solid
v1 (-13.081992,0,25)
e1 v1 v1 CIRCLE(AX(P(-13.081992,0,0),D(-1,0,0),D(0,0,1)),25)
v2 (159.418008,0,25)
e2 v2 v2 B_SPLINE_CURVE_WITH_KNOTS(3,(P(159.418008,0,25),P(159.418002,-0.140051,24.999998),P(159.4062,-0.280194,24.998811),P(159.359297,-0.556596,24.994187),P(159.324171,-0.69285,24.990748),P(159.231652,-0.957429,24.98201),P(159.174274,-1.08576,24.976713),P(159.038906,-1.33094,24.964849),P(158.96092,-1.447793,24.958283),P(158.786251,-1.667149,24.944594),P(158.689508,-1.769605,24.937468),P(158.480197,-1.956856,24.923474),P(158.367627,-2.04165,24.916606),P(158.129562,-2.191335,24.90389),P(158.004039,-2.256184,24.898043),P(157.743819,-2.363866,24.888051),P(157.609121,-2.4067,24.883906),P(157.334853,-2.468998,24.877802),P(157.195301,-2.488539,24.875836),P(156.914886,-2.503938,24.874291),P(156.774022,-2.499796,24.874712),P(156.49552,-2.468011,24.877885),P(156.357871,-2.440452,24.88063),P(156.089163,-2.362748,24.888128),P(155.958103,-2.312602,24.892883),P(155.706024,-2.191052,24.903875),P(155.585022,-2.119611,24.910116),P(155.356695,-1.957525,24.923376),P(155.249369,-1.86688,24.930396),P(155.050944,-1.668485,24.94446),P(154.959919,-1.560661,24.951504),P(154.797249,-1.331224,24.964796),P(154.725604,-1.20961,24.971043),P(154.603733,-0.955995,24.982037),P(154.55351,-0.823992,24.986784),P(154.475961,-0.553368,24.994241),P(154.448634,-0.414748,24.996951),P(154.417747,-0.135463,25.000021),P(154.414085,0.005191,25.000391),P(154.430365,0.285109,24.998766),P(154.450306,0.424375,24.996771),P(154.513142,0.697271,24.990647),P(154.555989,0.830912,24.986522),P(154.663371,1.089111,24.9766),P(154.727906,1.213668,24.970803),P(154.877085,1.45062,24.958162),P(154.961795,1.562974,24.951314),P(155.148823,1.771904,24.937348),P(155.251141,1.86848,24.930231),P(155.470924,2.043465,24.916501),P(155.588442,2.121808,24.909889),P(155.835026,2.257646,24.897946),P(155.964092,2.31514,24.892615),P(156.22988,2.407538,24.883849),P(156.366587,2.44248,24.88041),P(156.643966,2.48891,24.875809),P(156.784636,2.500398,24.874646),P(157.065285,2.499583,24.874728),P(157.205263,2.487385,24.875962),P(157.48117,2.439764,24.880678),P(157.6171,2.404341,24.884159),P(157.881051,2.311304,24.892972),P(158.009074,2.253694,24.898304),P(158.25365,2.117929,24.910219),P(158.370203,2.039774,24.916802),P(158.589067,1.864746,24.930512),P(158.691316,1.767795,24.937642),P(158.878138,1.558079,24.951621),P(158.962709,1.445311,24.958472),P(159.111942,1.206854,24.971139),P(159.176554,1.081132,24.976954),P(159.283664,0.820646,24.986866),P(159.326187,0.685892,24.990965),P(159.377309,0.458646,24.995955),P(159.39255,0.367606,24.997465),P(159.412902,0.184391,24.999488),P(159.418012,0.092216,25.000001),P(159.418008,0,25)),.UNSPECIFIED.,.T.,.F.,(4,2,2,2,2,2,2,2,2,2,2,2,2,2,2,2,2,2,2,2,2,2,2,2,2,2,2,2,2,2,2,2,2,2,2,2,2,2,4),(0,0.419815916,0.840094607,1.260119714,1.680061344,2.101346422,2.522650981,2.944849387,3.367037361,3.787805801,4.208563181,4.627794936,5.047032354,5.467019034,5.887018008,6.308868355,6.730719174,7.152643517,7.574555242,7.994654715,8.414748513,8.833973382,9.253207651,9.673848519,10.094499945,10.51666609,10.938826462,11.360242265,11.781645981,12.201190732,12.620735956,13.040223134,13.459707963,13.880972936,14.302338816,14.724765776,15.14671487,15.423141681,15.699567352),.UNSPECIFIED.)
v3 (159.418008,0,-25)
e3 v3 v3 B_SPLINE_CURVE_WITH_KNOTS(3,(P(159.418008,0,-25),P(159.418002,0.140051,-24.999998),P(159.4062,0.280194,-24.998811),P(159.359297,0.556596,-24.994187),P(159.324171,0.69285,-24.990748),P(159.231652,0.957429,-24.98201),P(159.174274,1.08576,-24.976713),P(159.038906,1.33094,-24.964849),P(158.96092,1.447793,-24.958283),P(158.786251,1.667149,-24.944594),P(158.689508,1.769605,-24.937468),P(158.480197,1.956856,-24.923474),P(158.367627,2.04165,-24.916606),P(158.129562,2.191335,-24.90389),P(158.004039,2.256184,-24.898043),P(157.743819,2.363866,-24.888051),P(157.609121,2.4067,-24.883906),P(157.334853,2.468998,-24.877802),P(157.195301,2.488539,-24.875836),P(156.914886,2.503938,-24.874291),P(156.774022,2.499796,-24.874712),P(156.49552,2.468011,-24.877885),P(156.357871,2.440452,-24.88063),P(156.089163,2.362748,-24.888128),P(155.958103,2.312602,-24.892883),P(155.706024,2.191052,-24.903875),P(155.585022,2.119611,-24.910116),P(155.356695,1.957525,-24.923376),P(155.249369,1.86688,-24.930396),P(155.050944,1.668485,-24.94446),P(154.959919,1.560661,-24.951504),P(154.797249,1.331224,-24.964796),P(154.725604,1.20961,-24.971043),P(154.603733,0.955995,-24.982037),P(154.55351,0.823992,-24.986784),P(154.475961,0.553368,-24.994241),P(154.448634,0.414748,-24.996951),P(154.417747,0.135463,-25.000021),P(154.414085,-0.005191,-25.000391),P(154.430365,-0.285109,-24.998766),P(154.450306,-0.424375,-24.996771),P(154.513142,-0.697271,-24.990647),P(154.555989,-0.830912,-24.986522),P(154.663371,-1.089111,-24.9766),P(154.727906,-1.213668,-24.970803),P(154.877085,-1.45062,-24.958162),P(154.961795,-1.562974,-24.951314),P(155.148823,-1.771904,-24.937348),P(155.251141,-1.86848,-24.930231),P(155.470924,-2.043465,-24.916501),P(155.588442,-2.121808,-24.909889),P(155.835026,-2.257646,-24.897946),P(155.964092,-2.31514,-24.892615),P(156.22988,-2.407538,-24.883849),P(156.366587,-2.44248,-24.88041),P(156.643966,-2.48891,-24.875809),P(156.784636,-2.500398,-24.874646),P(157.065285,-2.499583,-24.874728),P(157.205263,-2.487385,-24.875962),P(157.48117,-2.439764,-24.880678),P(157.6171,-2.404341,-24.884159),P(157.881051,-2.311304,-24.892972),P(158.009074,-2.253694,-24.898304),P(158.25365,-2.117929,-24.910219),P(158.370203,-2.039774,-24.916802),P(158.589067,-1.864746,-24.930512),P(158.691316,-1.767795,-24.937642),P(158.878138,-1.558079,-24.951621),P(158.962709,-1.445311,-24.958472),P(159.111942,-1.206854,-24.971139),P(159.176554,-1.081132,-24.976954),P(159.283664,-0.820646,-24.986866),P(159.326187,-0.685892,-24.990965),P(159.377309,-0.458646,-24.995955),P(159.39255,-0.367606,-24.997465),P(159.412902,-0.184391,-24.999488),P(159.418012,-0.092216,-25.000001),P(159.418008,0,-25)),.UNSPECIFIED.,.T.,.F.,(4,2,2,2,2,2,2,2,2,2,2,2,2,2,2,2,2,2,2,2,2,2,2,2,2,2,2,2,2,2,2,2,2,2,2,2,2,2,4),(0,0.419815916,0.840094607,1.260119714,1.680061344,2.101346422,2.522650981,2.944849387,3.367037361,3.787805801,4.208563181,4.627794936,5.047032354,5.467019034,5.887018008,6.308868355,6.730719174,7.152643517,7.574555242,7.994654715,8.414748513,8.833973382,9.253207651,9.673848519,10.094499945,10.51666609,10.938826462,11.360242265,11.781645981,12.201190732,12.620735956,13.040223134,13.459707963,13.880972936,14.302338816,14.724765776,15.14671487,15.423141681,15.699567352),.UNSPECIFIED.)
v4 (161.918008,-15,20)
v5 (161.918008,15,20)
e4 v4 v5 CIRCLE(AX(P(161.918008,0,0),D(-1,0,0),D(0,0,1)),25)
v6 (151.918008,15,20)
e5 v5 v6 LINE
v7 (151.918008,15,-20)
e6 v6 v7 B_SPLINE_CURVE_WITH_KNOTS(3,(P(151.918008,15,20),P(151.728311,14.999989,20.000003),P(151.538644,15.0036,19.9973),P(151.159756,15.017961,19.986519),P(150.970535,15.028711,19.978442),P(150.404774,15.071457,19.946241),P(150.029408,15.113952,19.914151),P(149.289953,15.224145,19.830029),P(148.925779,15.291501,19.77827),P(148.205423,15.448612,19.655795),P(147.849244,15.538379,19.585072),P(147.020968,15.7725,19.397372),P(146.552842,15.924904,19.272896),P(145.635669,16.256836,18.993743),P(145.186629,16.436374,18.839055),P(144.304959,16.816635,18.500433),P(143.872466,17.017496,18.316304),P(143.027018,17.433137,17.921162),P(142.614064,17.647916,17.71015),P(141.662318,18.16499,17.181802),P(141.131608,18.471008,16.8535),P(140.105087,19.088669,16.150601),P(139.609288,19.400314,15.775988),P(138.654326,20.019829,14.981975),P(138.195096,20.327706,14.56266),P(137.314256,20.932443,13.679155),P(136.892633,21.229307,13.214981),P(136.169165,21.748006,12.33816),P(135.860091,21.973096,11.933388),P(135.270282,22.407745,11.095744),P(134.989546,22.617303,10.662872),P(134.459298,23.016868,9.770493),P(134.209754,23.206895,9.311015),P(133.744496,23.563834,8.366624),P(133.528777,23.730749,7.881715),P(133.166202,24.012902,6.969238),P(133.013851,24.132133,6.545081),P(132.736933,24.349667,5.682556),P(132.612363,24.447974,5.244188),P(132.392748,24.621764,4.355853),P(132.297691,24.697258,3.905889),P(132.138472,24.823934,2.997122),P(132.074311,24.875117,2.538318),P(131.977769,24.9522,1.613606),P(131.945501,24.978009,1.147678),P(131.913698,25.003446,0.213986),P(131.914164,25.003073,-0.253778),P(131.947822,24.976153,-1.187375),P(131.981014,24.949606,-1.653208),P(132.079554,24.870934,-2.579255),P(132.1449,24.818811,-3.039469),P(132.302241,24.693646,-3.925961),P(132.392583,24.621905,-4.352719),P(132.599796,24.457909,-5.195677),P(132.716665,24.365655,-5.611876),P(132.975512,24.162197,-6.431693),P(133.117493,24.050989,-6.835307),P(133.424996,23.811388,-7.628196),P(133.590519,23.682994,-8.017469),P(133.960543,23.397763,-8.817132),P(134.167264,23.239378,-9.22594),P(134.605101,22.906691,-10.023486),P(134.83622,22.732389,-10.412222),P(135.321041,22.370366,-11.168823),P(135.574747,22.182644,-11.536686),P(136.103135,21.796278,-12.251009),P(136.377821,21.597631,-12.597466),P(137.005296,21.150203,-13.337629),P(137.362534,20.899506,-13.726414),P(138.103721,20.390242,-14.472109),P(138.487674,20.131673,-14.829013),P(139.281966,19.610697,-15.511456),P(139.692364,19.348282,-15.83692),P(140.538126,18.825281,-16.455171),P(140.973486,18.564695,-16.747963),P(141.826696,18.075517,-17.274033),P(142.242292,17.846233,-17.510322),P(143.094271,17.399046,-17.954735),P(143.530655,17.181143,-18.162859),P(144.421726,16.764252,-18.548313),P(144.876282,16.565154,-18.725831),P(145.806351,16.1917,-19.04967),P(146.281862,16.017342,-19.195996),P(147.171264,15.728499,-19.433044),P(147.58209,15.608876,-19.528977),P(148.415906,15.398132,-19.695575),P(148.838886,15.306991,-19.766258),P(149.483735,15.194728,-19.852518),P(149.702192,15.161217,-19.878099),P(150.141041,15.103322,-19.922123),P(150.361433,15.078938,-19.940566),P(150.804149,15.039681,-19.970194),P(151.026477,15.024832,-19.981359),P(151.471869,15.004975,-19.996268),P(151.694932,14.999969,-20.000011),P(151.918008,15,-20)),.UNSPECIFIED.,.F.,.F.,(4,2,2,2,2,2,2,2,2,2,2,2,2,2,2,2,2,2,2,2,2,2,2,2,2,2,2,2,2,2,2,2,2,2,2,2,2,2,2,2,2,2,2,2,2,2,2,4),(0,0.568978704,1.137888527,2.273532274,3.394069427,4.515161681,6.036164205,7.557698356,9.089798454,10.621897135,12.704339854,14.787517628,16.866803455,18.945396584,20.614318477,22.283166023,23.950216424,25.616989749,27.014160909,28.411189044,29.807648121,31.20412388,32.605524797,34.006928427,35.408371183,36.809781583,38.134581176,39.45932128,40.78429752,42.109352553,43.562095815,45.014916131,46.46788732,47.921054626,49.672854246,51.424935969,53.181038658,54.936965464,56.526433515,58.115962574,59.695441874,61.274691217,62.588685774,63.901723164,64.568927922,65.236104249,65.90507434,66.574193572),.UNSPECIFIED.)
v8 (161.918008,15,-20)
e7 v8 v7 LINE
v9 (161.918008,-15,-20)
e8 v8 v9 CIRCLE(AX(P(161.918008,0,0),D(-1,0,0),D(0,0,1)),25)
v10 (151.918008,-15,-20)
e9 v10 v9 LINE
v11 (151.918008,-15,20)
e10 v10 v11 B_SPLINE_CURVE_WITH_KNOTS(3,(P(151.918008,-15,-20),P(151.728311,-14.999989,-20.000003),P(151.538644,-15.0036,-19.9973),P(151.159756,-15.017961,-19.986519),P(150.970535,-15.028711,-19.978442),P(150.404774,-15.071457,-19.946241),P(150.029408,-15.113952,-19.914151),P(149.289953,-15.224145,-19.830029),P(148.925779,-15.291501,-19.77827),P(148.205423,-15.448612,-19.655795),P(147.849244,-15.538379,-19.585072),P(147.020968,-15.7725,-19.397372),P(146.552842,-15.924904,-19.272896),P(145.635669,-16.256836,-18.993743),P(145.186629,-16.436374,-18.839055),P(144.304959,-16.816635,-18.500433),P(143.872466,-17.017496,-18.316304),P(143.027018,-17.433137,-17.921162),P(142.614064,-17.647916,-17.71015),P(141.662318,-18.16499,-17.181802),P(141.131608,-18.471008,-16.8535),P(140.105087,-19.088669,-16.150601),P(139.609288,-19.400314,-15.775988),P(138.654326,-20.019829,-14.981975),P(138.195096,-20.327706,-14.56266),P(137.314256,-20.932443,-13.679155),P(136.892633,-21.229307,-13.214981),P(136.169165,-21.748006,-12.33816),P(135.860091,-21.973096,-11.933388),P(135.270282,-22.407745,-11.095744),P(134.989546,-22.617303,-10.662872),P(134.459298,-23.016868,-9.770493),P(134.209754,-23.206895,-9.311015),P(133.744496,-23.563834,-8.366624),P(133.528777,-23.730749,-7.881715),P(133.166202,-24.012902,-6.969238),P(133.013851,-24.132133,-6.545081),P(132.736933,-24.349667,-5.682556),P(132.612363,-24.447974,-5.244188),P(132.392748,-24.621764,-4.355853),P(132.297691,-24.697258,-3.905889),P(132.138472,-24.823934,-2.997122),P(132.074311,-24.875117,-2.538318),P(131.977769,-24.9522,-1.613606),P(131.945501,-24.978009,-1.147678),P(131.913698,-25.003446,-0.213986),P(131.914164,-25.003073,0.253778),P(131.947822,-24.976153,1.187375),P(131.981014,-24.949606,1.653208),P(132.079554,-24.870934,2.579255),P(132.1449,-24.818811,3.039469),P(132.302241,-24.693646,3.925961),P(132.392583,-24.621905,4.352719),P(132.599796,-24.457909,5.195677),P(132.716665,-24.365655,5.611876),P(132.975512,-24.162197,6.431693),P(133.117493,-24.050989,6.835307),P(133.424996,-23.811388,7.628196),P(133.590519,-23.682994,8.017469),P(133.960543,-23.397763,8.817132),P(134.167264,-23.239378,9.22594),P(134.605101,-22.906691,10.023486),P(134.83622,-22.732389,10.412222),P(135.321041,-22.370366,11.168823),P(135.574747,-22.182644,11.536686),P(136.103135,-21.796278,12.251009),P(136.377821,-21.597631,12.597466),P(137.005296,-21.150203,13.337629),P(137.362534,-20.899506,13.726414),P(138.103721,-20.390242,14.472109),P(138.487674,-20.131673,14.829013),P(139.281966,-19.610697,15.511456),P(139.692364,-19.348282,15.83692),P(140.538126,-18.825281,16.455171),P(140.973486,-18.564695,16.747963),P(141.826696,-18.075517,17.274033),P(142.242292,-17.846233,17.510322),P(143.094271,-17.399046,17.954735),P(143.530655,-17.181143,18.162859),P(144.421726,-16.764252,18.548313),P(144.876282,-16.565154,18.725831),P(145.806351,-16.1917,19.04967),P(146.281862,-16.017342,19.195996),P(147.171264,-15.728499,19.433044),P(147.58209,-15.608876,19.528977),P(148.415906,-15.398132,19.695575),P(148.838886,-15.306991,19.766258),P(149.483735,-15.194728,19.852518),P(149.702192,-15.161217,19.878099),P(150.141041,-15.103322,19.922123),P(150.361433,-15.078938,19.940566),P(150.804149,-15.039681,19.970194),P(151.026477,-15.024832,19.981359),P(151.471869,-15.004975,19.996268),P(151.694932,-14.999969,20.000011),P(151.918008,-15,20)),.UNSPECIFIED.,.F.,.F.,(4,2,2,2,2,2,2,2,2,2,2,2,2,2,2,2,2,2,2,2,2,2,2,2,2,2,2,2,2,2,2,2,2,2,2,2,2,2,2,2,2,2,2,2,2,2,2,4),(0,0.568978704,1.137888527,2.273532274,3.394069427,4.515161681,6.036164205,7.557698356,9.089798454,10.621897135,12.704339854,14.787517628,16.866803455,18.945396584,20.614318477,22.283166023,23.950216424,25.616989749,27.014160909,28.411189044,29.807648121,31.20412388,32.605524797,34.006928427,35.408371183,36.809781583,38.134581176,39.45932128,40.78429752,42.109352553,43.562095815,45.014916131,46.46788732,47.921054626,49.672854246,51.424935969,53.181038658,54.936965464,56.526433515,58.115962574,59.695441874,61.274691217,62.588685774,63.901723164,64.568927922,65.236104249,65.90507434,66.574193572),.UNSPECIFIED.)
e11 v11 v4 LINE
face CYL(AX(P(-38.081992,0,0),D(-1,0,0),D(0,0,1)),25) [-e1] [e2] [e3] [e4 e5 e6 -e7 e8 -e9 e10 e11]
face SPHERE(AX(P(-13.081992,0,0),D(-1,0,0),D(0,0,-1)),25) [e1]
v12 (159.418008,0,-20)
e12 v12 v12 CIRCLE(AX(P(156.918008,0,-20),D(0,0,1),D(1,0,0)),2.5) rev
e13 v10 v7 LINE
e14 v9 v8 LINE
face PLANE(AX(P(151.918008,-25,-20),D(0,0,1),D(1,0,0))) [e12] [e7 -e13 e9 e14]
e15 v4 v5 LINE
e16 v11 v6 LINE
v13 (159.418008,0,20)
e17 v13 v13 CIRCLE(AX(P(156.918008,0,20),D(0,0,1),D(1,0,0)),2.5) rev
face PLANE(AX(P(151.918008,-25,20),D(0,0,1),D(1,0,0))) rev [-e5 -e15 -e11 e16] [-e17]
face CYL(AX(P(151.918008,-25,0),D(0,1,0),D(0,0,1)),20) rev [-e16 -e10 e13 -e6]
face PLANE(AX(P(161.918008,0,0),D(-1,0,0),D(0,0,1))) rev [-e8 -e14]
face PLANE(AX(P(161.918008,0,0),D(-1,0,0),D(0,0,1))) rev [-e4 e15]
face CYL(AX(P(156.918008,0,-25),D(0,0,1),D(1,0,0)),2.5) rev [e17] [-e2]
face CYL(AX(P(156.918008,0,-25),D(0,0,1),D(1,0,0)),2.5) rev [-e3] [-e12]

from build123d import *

# Parameters (mm, degrees)
CROQUIS6_R                 = 2.5
CORTAR_EXTRUIR1_DEPTH      = 26
CORTAR_EXTRUIR1_DEPTH_BACK = 26
CORTAR_EXTRUIR3_DEPTH      = 26.0000001
CORTAR_EXTRUIR3_DEPTH_BACK = 26.0000001


with BuildPart() as part:
    # Croquis3 → Revolución10 (revolve)
    with BuildSketch(Plane(origin=(0, 0, 0), x_dir=(1, 0, 0), z_dir=(0, 1, 0))):
        with BuildLine():
            Line((-38.081992127, 0), (161.918007873, 0))
            Line((161.918007873, 0), (161.918007873, 25))
            Line((161.918007873, 25), (-13.081992127, 25))
            ThreePointArc((-13.081992127, 25), (-30.759661656, 17.67766953), (-38.081992127, 0))
        make_face()
    revolve(axis=Axis((-38.081992127, 0, 0), (1, 0, 0)))

    # Croquis6 → Cortar-Extruir1 (cut, two sides)
    with BuildSketch(Plane.XY) as cortar_extruir1_sk:
        with Locations((156.918007873, 0)):
            Circle(CROQUIS6_R)
    extrude(amount=CORTAR_EXTRUIR1_DEPTH, mode=Mode.SUBTRACT)
    extrude(cortar_extruir1_sk.sketch, amount=-CORTAR_EXTRUIR1_DEPTH_BACK, mode=Mode.SUBTRACT)

    # Croquis9 → Cortar-Extruir3 (cut, two sides)
    with BuildSketch(Plane(origin=(0, 0, 0), x_dir=(1, 0, 0), z_dir=(0, 1, 0))) as cortar_extruir3_sk:
        with BuildLine():
            Line((161.918007873, 20), (161.918007873, -20))
            Line((161.918007873, -20), (151.918007873, -20))
            ThreePointArc((151.918007873, -20), (131.918007873, 0), (151.918007873, 20))
            Line((151.918007873, 20), (161.918007873, 20))
        make_face()
    extrude(amount=CORTAR_EXTRUIR3_DEPTH, mode=Mode.SUBTRACT)
    extrude(cortar_extruir3_sk.sketch, amount=-CORTAR_EXTRUIR3_DEPTH_BACK, mode=Mode.SUBTRACT)


solid = part.part
